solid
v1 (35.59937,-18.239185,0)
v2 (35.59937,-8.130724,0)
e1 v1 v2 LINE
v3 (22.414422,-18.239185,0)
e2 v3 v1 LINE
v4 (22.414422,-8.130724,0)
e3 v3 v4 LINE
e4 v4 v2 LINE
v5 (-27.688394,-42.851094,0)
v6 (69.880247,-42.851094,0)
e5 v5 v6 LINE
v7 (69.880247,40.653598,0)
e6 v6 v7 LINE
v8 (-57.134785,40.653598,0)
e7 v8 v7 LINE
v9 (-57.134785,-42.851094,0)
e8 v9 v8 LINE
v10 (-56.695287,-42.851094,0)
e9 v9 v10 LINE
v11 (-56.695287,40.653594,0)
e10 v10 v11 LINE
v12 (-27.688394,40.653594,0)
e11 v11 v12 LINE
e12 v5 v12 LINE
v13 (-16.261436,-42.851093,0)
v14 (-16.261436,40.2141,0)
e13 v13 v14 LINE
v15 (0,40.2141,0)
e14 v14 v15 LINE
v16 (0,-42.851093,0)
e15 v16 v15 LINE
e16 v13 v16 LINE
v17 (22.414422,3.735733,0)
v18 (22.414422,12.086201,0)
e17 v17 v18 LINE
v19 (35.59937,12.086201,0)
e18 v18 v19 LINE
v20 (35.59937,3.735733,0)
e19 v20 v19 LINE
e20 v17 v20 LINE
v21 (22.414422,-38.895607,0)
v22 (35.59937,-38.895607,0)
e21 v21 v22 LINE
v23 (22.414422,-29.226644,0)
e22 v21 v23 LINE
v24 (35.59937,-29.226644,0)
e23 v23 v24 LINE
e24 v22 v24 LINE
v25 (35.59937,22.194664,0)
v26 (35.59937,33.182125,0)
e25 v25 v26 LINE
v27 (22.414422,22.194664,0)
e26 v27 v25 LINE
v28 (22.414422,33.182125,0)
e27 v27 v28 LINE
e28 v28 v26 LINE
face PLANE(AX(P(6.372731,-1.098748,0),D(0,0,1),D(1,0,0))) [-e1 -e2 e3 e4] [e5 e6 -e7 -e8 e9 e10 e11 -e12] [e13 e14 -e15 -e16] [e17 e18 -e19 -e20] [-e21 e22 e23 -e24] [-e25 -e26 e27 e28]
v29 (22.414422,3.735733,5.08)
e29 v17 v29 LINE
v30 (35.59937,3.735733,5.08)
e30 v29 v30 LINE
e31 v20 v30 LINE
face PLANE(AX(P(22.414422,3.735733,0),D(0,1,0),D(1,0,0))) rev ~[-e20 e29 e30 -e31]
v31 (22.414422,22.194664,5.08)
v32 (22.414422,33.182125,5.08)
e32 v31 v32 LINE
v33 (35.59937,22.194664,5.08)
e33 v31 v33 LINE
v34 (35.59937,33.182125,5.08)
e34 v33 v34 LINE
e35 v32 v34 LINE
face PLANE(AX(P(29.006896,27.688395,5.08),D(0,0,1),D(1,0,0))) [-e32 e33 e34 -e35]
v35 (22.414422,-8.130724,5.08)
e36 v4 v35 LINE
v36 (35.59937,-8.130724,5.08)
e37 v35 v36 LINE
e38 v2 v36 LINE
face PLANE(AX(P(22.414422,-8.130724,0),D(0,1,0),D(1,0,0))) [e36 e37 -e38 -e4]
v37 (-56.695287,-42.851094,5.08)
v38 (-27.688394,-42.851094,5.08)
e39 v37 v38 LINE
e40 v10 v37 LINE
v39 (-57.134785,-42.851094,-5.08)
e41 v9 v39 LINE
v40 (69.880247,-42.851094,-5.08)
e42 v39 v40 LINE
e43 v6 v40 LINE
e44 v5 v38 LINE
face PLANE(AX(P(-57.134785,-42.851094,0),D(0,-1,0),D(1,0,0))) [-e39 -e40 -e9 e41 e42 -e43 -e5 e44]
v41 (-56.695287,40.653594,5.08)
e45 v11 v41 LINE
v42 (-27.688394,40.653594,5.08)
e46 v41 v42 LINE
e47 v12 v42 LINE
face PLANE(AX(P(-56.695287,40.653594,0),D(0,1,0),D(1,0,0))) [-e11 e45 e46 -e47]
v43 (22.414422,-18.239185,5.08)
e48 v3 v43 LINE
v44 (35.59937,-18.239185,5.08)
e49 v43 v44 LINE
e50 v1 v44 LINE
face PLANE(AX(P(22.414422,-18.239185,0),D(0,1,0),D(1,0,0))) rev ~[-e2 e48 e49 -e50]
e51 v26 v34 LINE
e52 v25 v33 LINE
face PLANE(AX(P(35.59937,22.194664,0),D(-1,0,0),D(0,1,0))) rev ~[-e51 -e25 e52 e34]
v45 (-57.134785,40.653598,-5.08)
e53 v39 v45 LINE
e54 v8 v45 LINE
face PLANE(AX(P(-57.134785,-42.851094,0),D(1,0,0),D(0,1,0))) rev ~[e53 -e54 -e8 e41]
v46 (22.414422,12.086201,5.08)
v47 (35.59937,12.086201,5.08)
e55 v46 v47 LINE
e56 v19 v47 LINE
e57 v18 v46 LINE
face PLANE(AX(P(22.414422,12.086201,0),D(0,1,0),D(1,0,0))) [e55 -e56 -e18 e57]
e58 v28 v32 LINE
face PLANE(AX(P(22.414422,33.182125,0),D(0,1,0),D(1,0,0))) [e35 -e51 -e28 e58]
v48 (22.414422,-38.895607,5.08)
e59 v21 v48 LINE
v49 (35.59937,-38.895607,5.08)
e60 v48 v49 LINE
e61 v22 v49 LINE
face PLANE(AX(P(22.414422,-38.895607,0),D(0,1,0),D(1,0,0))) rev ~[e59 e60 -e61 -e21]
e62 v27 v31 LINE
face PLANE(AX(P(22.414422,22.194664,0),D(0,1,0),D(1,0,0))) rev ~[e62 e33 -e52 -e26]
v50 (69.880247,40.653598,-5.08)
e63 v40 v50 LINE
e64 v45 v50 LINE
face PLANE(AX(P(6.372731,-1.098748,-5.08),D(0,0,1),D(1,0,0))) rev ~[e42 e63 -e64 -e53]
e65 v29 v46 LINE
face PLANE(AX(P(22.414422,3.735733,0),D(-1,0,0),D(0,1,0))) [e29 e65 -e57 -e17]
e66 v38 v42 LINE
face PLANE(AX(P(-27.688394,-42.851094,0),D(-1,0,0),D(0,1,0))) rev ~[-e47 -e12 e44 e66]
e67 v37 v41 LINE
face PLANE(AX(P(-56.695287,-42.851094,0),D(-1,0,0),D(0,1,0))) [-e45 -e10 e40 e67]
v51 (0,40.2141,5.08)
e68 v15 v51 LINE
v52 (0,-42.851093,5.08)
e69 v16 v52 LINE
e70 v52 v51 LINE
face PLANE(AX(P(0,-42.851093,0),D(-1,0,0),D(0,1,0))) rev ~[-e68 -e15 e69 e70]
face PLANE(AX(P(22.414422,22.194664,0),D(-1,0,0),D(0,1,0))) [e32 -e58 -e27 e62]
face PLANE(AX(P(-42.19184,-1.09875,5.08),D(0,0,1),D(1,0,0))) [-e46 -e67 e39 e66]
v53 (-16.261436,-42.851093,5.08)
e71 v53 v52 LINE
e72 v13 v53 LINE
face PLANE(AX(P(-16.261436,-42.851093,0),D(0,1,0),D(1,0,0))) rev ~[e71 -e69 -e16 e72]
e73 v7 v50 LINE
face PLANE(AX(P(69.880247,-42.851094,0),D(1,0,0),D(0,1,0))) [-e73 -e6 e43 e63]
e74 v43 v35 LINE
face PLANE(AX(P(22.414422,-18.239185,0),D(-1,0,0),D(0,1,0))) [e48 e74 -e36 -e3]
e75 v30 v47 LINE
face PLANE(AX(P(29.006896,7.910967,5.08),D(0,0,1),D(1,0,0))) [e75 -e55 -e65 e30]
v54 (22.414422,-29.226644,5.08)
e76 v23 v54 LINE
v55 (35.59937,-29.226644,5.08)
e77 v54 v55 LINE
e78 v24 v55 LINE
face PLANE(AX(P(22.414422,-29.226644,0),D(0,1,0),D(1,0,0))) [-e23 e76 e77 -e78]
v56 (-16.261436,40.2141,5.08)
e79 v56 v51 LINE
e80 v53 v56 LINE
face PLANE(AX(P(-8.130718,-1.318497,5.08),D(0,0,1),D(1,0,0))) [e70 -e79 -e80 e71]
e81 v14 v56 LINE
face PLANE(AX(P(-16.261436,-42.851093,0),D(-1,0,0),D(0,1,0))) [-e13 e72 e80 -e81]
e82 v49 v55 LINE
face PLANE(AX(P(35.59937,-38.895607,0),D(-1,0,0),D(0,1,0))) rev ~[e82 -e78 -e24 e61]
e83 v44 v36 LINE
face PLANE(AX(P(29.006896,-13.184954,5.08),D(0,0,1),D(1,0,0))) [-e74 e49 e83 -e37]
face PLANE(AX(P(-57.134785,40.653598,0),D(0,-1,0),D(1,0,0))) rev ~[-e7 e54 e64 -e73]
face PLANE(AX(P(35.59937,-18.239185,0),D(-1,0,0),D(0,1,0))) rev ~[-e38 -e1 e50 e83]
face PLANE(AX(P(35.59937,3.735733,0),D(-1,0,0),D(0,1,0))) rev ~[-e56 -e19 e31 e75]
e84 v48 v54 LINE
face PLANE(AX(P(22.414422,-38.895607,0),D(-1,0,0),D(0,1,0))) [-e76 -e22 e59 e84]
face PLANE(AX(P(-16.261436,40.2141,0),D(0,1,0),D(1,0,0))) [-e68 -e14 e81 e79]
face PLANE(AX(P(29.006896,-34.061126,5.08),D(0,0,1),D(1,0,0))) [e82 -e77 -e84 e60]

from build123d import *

# Parameters (mm, degrees)
F0_W     = 127.015032
F0_H     = 83.504692
F2_DEPTH = 5.08
F1_W     = 29.006893
F1_H     = 83.504688
F1_W_2   = 16.261436
F1_H_2   = 83.065193
F1_W_3   = 13.184948
F1_H_3   = 10.987461
F1_H_4   = 8.350468
F1_H_5   = 10.108461
F1_H_6   = 9.668963
F3_DEPTH = 5.08


with BuildPart() as f2:
    # F0 (on Top) → F2 (new body)
    with BuildSketch(Plane.XY):
        with Locations((6.372731, -1.098748)):
            Rectangle(F0_W, F0_H)
    extrude(amount=-F2_DEPTH)

    # F1 (on face) → F3 (join)
    with BuildSketch(Plane.XY):
        with Locations((-42.19184, -1.09875)):
            Rectangle(F1_W, F1_H)
        with Locations((-8.130718, -1.318497)):
            Rectangle(F1_W_2, F1_H_2)
        with Locations((29.006896, 27.688395)):
            Rectangle(F1_W_3, F1_H_3)
        with Locations((29.006896, 7.910967)):
            Rectangle(F1_W_3, F1_H_4)
        with Locations((29.006896, -13.184954)):
            Rectangle(F1_W_3, F1_H_5)
        with Locations((29.006896, -34.061126)):
            Rectangle(F1_W_3, F1_H_6)
    extrude(amount=F3_DEPTH)


solid = f2.part
